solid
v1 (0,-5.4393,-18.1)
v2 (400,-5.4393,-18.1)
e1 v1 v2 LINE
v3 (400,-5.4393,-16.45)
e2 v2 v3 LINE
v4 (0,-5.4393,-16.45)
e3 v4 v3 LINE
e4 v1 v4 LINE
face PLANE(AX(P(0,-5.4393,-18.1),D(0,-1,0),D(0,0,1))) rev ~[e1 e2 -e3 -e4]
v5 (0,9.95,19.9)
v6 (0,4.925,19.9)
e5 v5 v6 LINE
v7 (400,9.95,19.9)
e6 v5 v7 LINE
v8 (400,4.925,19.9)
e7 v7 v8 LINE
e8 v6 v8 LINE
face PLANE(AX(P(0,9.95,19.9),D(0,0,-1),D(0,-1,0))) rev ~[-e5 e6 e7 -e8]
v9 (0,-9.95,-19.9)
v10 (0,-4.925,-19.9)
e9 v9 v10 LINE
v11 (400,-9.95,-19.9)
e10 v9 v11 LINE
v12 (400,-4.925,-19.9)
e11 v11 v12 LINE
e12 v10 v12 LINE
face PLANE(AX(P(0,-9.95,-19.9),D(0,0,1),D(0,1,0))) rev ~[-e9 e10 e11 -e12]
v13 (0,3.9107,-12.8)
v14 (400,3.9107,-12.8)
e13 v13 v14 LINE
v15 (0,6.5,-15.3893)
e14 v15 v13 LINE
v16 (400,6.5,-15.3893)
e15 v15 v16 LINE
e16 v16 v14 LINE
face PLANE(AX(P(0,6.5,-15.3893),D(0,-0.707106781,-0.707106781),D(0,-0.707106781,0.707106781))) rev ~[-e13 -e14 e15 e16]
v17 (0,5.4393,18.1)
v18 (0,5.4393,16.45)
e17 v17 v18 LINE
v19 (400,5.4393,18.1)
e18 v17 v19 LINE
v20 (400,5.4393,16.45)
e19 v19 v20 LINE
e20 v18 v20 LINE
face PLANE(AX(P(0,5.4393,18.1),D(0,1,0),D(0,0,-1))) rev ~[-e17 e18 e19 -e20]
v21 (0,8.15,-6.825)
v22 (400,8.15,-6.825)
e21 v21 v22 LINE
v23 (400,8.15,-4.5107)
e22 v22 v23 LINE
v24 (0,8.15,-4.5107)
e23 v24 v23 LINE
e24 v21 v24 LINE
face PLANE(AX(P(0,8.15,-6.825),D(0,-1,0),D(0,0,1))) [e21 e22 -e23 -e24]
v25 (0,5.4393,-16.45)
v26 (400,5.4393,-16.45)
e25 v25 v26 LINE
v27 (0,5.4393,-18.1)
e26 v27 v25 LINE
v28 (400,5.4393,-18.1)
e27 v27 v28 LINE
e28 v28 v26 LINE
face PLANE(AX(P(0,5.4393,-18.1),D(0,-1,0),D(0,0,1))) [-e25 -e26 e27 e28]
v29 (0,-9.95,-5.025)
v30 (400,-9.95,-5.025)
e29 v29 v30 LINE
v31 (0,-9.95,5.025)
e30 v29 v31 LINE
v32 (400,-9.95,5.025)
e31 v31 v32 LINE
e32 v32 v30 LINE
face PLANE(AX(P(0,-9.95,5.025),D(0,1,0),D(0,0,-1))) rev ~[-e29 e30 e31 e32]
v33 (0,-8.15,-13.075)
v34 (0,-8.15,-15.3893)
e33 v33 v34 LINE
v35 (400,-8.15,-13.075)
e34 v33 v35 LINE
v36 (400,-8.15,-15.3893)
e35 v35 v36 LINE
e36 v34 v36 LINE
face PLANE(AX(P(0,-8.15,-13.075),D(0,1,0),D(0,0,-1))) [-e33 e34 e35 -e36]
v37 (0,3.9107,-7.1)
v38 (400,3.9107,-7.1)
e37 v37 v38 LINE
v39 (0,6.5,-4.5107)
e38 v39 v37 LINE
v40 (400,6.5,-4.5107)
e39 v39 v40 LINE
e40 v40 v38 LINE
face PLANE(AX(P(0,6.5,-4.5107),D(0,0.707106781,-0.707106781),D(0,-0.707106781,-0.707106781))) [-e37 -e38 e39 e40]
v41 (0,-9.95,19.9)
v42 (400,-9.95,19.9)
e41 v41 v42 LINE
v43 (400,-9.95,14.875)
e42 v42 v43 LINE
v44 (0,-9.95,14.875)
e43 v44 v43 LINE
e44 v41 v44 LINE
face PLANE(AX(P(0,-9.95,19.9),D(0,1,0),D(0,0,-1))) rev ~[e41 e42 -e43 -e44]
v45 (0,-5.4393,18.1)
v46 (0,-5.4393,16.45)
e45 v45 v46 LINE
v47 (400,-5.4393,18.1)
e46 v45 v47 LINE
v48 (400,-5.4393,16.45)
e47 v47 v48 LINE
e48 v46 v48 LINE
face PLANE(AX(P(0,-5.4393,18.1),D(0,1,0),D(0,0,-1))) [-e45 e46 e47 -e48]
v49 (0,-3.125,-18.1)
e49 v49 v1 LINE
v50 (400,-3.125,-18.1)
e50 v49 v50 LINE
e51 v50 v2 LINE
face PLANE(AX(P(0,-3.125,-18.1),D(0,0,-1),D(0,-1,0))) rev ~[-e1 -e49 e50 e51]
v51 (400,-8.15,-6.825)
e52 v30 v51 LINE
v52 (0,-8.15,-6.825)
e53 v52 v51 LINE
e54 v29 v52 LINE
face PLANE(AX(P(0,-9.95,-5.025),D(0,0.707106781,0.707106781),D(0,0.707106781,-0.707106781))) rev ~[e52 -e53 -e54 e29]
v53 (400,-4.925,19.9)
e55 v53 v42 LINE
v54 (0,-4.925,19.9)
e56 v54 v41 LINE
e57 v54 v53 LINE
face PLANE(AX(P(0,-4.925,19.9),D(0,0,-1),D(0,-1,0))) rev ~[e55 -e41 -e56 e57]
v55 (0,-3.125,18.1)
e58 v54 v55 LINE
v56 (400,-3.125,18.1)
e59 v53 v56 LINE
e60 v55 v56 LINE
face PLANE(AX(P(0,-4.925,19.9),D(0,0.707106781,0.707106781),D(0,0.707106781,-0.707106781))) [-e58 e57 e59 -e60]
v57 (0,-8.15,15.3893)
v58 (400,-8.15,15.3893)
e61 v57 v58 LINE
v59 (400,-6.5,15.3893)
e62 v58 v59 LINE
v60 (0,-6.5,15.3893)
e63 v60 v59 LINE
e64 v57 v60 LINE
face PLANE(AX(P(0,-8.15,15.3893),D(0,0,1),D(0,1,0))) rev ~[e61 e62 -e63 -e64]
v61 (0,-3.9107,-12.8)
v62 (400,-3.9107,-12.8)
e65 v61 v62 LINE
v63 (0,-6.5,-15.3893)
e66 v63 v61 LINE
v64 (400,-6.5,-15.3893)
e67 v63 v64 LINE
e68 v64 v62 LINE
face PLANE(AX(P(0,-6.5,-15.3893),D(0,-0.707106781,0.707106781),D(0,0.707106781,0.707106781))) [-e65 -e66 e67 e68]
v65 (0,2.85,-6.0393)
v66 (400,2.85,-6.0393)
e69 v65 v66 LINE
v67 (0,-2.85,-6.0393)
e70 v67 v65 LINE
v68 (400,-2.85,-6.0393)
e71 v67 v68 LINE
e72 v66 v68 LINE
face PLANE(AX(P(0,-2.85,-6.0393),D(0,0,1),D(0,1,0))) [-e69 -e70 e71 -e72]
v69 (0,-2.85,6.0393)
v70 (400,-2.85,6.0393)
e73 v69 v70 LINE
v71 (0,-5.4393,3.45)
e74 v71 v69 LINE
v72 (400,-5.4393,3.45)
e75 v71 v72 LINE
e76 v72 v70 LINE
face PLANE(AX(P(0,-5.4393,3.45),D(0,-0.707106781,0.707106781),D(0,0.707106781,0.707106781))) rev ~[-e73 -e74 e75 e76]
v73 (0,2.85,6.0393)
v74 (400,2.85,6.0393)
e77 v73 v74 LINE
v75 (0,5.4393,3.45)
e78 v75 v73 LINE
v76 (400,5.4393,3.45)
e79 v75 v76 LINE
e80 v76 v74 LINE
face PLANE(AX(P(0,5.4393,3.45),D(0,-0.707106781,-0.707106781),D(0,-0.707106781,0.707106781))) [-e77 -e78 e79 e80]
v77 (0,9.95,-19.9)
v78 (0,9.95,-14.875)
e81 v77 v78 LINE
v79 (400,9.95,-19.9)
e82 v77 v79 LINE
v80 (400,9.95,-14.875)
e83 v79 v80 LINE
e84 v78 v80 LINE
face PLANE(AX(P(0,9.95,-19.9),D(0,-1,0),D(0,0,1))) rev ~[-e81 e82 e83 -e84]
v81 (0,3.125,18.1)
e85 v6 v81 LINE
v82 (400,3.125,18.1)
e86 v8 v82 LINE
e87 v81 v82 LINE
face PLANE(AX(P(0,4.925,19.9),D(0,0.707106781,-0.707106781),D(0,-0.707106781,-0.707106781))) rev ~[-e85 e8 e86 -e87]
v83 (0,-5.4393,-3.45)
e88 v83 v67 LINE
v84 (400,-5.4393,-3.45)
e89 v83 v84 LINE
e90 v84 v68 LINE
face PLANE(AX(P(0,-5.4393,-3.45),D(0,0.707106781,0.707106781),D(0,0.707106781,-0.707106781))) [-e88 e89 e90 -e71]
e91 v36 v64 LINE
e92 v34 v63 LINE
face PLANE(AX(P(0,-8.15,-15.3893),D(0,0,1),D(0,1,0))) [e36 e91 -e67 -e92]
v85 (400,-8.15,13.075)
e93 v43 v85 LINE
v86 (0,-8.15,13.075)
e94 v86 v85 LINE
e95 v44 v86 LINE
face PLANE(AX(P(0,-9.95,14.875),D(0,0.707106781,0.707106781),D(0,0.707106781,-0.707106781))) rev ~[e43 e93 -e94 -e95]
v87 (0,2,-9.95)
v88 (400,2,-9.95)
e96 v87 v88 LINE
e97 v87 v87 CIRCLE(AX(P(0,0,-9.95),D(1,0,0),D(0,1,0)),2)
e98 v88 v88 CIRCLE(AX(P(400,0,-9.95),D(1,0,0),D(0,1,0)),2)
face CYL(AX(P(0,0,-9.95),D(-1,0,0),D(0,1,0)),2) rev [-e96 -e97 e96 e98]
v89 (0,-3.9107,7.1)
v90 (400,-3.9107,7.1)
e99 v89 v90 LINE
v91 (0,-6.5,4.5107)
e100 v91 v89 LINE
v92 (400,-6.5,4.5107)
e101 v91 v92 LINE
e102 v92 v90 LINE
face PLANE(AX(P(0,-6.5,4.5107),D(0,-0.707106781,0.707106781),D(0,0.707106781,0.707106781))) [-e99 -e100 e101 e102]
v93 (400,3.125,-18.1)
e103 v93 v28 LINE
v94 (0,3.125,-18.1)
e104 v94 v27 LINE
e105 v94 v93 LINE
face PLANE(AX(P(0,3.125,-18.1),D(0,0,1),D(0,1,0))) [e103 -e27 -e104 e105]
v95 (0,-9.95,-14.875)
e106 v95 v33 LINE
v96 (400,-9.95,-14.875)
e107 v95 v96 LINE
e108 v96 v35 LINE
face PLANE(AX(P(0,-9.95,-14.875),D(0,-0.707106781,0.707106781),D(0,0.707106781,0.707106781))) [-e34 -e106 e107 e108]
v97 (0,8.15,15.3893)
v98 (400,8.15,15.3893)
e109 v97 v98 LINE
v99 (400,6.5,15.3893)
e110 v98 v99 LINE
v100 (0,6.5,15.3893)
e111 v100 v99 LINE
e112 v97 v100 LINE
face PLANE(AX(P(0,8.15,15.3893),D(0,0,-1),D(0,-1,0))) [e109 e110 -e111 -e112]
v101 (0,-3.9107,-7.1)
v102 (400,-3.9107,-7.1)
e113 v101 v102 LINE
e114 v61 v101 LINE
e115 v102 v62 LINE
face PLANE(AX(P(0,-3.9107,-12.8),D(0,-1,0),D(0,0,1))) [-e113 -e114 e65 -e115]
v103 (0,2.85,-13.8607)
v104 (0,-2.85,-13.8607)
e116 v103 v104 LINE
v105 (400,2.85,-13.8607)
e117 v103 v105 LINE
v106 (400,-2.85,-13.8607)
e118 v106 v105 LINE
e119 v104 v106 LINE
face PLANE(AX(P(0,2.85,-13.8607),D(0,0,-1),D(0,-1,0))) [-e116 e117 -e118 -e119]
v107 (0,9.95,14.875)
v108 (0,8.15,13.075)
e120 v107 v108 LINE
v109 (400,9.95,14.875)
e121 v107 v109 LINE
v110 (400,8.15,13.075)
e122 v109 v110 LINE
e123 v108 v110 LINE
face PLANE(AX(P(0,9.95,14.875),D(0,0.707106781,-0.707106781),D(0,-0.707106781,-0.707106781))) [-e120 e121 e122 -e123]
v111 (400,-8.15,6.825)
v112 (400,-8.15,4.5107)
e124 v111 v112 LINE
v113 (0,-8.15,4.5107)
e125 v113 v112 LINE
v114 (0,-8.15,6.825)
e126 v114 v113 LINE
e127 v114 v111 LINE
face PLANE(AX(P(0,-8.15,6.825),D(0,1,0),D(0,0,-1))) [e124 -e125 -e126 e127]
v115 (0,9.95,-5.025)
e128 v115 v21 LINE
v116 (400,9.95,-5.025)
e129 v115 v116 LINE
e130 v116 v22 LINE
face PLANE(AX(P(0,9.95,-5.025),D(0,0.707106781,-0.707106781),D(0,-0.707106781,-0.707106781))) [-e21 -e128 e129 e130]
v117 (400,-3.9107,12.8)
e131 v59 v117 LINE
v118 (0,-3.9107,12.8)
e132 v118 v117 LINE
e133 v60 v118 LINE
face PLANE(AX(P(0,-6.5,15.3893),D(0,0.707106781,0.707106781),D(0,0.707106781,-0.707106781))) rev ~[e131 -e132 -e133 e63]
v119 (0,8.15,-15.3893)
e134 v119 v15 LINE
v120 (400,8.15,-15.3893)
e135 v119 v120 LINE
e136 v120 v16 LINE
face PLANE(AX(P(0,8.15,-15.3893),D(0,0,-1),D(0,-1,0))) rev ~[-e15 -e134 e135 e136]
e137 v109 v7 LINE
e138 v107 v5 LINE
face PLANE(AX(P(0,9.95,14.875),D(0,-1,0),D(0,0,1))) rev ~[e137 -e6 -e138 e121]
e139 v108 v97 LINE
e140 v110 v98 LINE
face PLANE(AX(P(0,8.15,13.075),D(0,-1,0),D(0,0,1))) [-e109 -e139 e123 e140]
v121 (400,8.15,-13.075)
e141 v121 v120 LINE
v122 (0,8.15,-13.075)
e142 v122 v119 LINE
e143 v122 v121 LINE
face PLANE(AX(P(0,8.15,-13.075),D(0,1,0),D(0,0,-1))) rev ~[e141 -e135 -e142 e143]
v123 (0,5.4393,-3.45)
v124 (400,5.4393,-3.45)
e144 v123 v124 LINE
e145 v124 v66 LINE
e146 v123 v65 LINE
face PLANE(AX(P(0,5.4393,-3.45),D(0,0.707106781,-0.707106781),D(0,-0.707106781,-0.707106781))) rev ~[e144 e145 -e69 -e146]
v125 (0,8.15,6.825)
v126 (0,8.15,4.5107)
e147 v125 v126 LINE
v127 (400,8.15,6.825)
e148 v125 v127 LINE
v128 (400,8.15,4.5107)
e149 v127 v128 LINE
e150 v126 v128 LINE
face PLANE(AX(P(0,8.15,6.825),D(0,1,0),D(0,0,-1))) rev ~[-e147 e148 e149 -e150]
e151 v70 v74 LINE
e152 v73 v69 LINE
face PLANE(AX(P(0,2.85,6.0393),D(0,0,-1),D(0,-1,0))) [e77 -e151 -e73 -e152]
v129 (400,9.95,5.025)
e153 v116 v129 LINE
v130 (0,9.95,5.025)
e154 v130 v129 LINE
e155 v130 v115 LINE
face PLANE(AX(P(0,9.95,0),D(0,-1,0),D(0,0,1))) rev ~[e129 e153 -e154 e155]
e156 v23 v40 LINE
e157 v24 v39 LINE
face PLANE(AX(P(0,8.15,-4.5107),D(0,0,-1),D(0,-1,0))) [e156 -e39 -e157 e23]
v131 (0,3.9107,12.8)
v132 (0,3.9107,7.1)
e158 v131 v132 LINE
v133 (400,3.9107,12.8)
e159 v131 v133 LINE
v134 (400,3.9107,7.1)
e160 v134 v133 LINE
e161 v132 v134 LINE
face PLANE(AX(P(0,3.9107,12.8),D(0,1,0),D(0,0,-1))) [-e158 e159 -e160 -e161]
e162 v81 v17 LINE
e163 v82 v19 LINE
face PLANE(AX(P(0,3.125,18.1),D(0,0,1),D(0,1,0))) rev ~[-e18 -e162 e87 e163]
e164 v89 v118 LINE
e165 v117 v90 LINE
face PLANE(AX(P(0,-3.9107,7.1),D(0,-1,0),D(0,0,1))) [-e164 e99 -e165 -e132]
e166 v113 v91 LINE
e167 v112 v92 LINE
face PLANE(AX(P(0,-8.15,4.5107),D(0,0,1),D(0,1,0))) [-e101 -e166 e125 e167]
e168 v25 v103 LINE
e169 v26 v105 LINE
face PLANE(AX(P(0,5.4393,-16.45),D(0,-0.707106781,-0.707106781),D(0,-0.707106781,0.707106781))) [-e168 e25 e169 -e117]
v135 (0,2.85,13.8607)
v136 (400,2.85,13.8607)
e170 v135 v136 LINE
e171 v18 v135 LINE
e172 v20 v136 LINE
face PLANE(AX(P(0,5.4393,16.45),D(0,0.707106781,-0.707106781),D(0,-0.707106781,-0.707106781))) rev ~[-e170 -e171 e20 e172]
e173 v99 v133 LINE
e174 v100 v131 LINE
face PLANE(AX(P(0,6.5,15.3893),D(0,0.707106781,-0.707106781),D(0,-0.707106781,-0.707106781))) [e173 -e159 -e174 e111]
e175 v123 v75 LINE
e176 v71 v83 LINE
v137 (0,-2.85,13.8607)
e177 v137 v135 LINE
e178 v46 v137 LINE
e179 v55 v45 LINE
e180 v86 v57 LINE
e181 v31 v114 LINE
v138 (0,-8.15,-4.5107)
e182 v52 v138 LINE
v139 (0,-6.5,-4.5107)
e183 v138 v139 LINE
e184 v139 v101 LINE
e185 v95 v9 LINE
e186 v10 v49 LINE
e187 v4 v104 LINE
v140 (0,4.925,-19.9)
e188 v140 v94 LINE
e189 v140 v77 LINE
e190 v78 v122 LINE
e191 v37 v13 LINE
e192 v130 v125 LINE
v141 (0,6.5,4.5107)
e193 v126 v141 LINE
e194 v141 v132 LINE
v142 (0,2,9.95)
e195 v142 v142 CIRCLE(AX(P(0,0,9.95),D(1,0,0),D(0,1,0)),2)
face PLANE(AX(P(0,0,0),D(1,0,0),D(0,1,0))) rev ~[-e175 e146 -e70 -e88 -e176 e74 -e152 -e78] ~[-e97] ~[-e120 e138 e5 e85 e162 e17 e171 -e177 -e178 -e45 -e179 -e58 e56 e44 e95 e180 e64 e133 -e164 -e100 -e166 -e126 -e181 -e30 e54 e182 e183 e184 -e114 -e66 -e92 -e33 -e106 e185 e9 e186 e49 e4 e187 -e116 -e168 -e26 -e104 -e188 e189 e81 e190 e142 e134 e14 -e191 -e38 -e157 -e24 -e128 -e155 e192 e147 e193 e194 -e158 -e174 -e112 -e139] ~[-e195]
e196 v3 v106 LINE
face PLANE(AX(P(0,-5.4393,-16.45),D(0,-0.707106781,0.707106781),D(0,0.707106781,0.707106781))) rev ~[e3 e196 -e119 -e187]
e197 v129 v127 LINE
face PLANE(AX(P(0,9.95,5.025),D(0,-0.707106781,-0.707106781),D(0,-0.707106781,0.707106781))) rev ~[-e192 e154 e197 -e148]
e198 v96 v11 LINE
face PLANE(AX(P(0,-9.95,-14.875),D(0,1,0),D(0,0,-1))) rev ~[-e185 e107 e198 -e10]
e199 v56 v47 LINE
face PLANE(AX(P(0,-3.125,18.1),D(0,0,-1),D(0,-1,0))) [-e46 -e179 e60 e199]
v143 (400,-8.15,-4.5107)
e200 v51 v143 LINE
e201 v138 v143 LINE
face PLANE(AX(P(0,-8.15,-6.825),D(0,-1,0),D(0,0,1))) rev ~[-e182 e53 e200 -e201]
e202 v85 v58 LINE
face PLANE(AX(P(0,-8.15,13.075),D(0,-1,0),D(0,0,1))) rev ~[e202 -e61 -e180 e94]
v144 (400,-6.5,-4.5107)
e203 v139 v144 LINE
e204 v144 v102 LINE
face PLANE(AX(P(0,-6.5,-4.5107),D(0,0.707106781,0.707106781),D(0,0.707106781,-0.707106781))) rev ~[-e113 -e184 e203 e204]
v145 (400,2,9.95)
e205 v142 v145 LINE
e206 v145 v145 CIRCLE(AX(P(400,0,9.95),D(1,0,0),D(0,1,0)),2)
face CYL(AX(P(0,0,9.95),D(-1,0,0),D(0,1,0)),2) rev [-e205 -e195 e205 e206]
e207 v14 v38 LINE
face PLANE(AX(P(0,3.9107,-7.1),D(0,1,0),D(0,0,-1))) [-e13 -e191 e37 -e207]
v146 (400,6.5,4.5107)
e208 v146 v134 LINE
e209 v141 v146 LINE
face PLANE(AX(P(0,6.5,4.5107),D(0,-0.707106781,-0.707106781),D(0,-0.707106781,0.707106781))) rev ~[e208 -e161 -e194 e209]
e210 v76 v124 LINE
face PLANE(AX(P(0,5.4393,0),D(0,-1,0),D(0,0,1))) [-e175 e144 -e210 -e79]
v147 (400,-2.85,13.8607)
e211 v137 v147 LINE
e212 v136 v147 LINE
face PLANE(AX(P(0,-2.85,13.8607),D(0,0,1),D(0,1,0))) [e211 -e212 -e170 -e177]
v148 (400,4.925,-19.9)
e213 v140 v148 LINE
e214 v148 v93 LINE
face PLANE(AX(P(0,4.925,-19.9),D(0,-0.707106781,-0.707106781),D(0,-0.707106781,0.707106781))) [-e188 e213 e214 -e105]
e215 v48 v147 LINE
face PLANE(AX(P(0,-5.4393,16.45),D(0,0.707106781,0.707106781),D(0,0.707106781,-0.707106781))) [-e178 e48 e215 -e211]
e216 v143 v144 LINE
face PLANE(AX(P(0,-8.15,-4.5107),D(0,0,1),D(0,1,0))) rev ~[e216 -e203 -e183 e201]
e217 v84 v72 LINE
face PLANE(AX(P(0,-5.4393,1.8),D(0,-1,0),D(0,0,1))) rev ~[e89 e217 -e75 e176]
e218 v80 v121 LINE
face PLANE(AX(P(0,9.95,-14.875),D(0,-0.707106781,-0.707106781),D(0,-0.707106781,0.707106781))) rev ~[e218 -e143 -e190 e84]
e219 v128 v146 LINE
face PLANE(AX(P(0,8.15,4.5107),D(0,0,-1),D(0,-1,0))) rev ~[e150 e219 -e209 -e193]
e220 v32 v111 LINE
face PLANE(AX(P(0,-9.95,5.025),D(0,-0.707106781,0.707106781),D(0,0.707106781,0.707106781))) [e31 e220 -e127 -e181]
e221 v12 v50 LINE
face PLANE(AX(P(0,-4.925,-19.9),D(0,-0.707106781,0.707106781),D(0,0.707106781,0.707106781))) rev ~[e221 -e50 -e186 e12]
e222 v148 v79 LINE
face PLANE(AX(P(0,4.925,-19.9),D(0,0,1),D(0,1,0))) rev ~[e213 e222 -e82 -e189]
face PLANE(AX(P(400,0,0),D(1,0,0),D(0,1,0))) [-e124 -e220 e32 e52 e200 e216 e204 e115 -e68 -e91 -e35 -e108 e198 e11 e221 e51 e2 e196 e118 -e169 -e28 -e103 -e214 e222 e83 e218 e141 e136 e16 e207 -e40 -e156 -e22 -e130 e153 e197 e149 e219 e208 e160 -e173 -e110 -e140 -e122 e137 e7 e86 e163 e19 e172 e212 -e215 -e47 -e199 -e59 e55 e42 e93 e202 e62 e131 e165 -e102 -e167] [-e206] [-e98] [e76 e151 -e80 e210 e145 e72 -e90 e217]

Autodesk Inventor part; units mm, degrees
ref_plane "YZ Plane" through (0, 0, 0) normal (1, 0, 0) x (0, 1, 0)
ref_plane "XZ Plane" through (0, 0, 0) normal (0, 1, 0) x (-1, 0, 0)
ref_plane "XY Plane" through (0, 0, 0) normal (0, 0, 1) x (1, 0, 0)
sketch "Sketch1" plane through (0, 0, 0) normal (1, 0, 0) x (0, 1, 0)
  line L0 (-9.95, 0) -> (9.95, 0) construction
  line L1 (9.95, 19.9) -> (-9.95, 19.9) construction
  line L2 (-9.95, 19.9) -> (-9.95, 0) construction
  line L3 (-9.95, 0) -> (9.95, 19.9) construction
  line L4 (9.95, 0) -> (-9.95, 19.9) construction
  line L5 (9.95, 14.875) -> (8.15, 13.075)
  line L6 (8.15, 13.075) -> (8.15, 15.3893)
  line L7 (8.15, 15.3893) -> (6.5, 15.3893)
  line L8 (6.5, 15.3893) -> (3.9107, 12.8)
  line L9 (3.9107, 12.8) -> (3.9107, 9.95)
  line L10 (9.95, 5.025) -> (8.15, 6.825)
  line L11 (8.15, 6.825) -> (8.15, 4.5107)
  line L12 (3.9107, 7.1) -> (3.9107, 9.95)
  line L13 (0, 9.95) -> (10.8561, 9.95) construction
  line L14 (8.15, 4.5107) -> (6.5, 4.5107)
  line L15 (6.5, 4.5107) -> (3.9107, 7.1)
  circle A0 centre (0, 9.95) radius 2
  line L16 (9.95, 0) -> (9.95, 5.025)
  line L17 (9.95, 14.875) -> (9.95, 19.9)
  line L18 (-4.925, 19.9) -> (-9.95, 19.9)
  line L19 (-4.925, 19.9) -> (-3.125, 18.1)
  line L20 (-5.4393, 16.45) -> (-2.85, 13.8607)
  line L21 (-5.4393, 18.1) -> (-5.4393, 16.45)
  line L22 (-3.125, 18.1) -> (-5.4393, 18.1)
  line L23 (-2.85, 13.8607) -> (0, 13.8607)
  line L24 (2.85, 13.8607) -> (0, 13.8607)
  line L25 (5.4393, 16.45) -> (2.85, 13.8607)
  line L26 (5.4393, 18.1) -> (5.4393, 16.45)
  line L27 (3.125, 18.1) -> (5.4393, 18.1)
  line L28 (4.925, 19.9) -> (3.125, 18.1)
  line L29 (9.95, 19.9) -> (4.925, 19.9)
  line L30 (-9.95, 5.025) -> (-9.95, 0)
  line L31 (-9.95, 5.025) -> (-8.15, 6.825)
  line L32 (-6.5, 4.5107) -> (-3.9107, 7.1)
  line L33 (-8.15, 4.5107) -> (-6.5, 4.5107)
  line L34 (-8.15, 6.825) -> (-8.15, 4.5107)
  line L35 (-3.9107, 7.1) -> (-3.9107, 9.95)
  line L36 (-3.9107, 12.8) -> (-3.9107, 9.95)
  line L37 (-6.5, 15.3893) -> (-3.9107, 12.8)
  line L38 (-8.15, 15.3893) -> (-6.5, 15.3893)
  line L39 (-8.15, 13.075) -> (-8.15, 15.3893)
  line L40 (-9.95, 14.875) -> (-8.15, 13.075)
  line L41 (-9.95, 19.9) -> (-9.95, 14.875)
  line L42 (4.925, 0) -> (9.95, 0)
  line L43 (4.925, 0) -> (3.125, 1.8)
  line L44 (5.4393, 3.45) -> (2.85, 6.0393)
  line L45 (5.4393, 1.8) -> (5.4393, 3.45)
  line L46 (3.125, 1.8) -> (5.4393, 1.8)
  line L47 (2.85, 6.0393) -> (0, 6.0393)
  line L48 (-2.85, 6.0393) -> (0, 6.0393)
  line L49 (-5.4393, 3.45) -> (-2.85, 6.0393)
  line L50 (-5.4393, 1.8) -> (-5.4393, 3.45)
  line L51 (-3.125, 1.8) -> (-5.4393, 1.8)
  line L52 (-4.925, 0) -> (-3.125, 1.8)
  line L53 (-9.95, 0) -> (-4.925, 0)
  line L54 (-9.95, -19.9) -> (9.95, -19.9) construction
  line L55 (9.95, 0) -> (-9.95, 0) construction
  line L56 (-9.95, 0) -> (-9.95, -19.9) construction
  line L57 (-9.95, -19.9) -> (9.95, 0) construction
  line L58 (9.95, -19.9) -> (-9.95, 0) construction
  line L59 (9.95, -5.025) -> (8.15, -6.825)
  line L60 (8.15, -6.825) -> (8.15, -4.5107)
  line L61 (8.15, -4.5107) -> (6.5, -4.5107)
  line L62 (6.5, -4.5107) -> (3.9107, -7.1)
  line L63 (3.9107, -7.1) -> (3.9107, -9.95)
  line L64 (9.95, -14.875) -> (8.15, -13.075)
  line L65 (8.15, -13.075) -> (8.15, -15.3893)
  line L66 (3.9107, -12.8) -> (3.9107, -9.95)
  line L67 (0, -9.95) -> (11.144, -9.95) construction
  line L68 (8.15, -15.3893) -> (6.5, -15.3893)
  line L69 (6.5, -15.3893) -> (3.9107, -12.8)
  circle A1 centre (0, -9.95) radius 2
  line L70 (9.95, -19.9) -> (9.95, -14.875)
  line L71 (9.95, -5.025) -> (9.95, 0)
  line L72 (-4.925, 0) -> (-9.95, 0)
  line L73 (-4.925, 0) -> (-3.125, -1.8)
  line L74 (-5.4393, -3.45) -> (-2.85, -6.0393)
  line L75 (-5.4393, -1.8) -> (-5.4393, -3.45)
  line L76 (-3.125, -1.8) -> (-5.4393, -1.8)
  line L77 (-2.85, -6.0393) -> (0, -6.0393)
  line L78 (2.85, -6.0393) -> (0, -6.0393)
  line L79 (5.4393, -3.45) -> (2.85, -6.0393)
  line L80 (5.4393, -1.8) -> (5.4393, -3.45)
  line L81 (3.125, -1.8) -> (5.4393, -1.8)
  line L82 (4.925, 0) -> (3.125, -1.8)
  line L83 (9.95, 0) -> (4.925, 0)
  line L84 (-9.95, -14.875) -> (-9.95, -19.9)
  line L85 (-9.95, -14.875) -> (-8.15, -13.075)
  line L86 (-6.5, -15.3893) -> (-3.9107, -12.8)
  line L87 (-8.15, -15.3893) -> (-6.5, -15.3893)
  line L88 (-8.15, -13.075) -> (-8.15, -15.3893)
  line L89 (-3.9107, -12.8) -> (-3.9107, -9.95)
  line L90 (-3.9107, -7.1) -> (-3.9107, -9.95)
  line L91 (-6.5, -4.5107) -> (-3.9107, -7.1)
  line L92 (-8.15, -4.5107) -> (-6.5, -4.5107)
  line L93 (-8.15, -6.825) -> (-8.15, -4.5107)
  line L94 (-9.95, -5.025) -> (-8.15, -6.825)
  line L95 (-9.95, 0) -> (-9.95, -5.025)
  line L96 (4.925, -19.9) -> (9.95, -19.9)
  line L97 (4.925, -19.9) -> (3.125, -18.1)
  line L98 (5.4393, -16.45) -> (2.85, -13.8607)
  line L99 (5.4393, -18.1) -> (5.4393, -16.45)
  line L100 (3.125, -18.1) -> (5.4393, -18.1)
  line L101 (2.85, -13.8607) -> (0, -13.8607)
  line L102 (-2.85, -13.8607) -> (0, -13.8607)
  line L103 (-5.4393, -16.45) -> (-2.85, -13.8607)
  line L104 (-5.4393, -18.1) -> (-5.4393, -16.45)
  line L105 (-3.125, -18.1) -> (-5.4393, -18.1)
  line L106 (-4.925, -19.9) -> (-3.125, -18.1)
  line L107 (-9.95, -19.9) -> (-4.925, -19.9)
  line L108 (5.4393, -1.8) -> (5.4393, 1.8)
  line L109 (-5.4393, 1.8) -> (-5.4393, -1.8)
  point P0 (0, 0)
  point P1 (0, 0)
  dimension "d2" = 19.9
  dimension "d3" = 19.9
  dimension "d4" = 6.25
  dimension "d5" = 5.7
  dimension "d6" = 0.75
  dimension "d7" = 4
  dimension "d8" = 1.8
  dimension "d9" = 45
  dimension "d10" = 1.65
  dimension "d11" = 360
  dimension "d14" = 19.9
  dimension "d15" = 19.9
  dimension "d16" = 6.25
  dimension "d17" = 5.7
  dimension "d18" = 0.75
  dimension "d19" = 4
  dimension "d20" = 1.8
  dimension "d21" = 45
  dimension "d22" = 1.65
  dimension "d23" = 360
extrude "Extrusion1" add sketch "Sketch1" along normal blind 400 contours L5 L6 L7 L8 L9 L12 L15 L14 L11 L10 L16 L42 L108 L45 L44 L47 L48 L49 L50 L109 L53 L30 L31 L34 L33 L32 L35 L36 L37 L38 L39 L40 L41 L18 L19 L22 L21 L20 L23 L24 L25 L26 L27 L28 L29 L17 | L71 L59 L60 L61 L62 L63 L66 L69 L68 L65 L64 L70 L96 L97 L100 L99 L98 L101 L102 L103 L104 L105 L106 L107 L84 L85 L88 L87 L86 L89 L90 L91 L92 L93 L94 L95 L53 L109 L75 L74 L77 L78 L79 L80 L108 L42
equation "\"d3\" = d15"
properties part number "V Extrustion 40x400mm"
